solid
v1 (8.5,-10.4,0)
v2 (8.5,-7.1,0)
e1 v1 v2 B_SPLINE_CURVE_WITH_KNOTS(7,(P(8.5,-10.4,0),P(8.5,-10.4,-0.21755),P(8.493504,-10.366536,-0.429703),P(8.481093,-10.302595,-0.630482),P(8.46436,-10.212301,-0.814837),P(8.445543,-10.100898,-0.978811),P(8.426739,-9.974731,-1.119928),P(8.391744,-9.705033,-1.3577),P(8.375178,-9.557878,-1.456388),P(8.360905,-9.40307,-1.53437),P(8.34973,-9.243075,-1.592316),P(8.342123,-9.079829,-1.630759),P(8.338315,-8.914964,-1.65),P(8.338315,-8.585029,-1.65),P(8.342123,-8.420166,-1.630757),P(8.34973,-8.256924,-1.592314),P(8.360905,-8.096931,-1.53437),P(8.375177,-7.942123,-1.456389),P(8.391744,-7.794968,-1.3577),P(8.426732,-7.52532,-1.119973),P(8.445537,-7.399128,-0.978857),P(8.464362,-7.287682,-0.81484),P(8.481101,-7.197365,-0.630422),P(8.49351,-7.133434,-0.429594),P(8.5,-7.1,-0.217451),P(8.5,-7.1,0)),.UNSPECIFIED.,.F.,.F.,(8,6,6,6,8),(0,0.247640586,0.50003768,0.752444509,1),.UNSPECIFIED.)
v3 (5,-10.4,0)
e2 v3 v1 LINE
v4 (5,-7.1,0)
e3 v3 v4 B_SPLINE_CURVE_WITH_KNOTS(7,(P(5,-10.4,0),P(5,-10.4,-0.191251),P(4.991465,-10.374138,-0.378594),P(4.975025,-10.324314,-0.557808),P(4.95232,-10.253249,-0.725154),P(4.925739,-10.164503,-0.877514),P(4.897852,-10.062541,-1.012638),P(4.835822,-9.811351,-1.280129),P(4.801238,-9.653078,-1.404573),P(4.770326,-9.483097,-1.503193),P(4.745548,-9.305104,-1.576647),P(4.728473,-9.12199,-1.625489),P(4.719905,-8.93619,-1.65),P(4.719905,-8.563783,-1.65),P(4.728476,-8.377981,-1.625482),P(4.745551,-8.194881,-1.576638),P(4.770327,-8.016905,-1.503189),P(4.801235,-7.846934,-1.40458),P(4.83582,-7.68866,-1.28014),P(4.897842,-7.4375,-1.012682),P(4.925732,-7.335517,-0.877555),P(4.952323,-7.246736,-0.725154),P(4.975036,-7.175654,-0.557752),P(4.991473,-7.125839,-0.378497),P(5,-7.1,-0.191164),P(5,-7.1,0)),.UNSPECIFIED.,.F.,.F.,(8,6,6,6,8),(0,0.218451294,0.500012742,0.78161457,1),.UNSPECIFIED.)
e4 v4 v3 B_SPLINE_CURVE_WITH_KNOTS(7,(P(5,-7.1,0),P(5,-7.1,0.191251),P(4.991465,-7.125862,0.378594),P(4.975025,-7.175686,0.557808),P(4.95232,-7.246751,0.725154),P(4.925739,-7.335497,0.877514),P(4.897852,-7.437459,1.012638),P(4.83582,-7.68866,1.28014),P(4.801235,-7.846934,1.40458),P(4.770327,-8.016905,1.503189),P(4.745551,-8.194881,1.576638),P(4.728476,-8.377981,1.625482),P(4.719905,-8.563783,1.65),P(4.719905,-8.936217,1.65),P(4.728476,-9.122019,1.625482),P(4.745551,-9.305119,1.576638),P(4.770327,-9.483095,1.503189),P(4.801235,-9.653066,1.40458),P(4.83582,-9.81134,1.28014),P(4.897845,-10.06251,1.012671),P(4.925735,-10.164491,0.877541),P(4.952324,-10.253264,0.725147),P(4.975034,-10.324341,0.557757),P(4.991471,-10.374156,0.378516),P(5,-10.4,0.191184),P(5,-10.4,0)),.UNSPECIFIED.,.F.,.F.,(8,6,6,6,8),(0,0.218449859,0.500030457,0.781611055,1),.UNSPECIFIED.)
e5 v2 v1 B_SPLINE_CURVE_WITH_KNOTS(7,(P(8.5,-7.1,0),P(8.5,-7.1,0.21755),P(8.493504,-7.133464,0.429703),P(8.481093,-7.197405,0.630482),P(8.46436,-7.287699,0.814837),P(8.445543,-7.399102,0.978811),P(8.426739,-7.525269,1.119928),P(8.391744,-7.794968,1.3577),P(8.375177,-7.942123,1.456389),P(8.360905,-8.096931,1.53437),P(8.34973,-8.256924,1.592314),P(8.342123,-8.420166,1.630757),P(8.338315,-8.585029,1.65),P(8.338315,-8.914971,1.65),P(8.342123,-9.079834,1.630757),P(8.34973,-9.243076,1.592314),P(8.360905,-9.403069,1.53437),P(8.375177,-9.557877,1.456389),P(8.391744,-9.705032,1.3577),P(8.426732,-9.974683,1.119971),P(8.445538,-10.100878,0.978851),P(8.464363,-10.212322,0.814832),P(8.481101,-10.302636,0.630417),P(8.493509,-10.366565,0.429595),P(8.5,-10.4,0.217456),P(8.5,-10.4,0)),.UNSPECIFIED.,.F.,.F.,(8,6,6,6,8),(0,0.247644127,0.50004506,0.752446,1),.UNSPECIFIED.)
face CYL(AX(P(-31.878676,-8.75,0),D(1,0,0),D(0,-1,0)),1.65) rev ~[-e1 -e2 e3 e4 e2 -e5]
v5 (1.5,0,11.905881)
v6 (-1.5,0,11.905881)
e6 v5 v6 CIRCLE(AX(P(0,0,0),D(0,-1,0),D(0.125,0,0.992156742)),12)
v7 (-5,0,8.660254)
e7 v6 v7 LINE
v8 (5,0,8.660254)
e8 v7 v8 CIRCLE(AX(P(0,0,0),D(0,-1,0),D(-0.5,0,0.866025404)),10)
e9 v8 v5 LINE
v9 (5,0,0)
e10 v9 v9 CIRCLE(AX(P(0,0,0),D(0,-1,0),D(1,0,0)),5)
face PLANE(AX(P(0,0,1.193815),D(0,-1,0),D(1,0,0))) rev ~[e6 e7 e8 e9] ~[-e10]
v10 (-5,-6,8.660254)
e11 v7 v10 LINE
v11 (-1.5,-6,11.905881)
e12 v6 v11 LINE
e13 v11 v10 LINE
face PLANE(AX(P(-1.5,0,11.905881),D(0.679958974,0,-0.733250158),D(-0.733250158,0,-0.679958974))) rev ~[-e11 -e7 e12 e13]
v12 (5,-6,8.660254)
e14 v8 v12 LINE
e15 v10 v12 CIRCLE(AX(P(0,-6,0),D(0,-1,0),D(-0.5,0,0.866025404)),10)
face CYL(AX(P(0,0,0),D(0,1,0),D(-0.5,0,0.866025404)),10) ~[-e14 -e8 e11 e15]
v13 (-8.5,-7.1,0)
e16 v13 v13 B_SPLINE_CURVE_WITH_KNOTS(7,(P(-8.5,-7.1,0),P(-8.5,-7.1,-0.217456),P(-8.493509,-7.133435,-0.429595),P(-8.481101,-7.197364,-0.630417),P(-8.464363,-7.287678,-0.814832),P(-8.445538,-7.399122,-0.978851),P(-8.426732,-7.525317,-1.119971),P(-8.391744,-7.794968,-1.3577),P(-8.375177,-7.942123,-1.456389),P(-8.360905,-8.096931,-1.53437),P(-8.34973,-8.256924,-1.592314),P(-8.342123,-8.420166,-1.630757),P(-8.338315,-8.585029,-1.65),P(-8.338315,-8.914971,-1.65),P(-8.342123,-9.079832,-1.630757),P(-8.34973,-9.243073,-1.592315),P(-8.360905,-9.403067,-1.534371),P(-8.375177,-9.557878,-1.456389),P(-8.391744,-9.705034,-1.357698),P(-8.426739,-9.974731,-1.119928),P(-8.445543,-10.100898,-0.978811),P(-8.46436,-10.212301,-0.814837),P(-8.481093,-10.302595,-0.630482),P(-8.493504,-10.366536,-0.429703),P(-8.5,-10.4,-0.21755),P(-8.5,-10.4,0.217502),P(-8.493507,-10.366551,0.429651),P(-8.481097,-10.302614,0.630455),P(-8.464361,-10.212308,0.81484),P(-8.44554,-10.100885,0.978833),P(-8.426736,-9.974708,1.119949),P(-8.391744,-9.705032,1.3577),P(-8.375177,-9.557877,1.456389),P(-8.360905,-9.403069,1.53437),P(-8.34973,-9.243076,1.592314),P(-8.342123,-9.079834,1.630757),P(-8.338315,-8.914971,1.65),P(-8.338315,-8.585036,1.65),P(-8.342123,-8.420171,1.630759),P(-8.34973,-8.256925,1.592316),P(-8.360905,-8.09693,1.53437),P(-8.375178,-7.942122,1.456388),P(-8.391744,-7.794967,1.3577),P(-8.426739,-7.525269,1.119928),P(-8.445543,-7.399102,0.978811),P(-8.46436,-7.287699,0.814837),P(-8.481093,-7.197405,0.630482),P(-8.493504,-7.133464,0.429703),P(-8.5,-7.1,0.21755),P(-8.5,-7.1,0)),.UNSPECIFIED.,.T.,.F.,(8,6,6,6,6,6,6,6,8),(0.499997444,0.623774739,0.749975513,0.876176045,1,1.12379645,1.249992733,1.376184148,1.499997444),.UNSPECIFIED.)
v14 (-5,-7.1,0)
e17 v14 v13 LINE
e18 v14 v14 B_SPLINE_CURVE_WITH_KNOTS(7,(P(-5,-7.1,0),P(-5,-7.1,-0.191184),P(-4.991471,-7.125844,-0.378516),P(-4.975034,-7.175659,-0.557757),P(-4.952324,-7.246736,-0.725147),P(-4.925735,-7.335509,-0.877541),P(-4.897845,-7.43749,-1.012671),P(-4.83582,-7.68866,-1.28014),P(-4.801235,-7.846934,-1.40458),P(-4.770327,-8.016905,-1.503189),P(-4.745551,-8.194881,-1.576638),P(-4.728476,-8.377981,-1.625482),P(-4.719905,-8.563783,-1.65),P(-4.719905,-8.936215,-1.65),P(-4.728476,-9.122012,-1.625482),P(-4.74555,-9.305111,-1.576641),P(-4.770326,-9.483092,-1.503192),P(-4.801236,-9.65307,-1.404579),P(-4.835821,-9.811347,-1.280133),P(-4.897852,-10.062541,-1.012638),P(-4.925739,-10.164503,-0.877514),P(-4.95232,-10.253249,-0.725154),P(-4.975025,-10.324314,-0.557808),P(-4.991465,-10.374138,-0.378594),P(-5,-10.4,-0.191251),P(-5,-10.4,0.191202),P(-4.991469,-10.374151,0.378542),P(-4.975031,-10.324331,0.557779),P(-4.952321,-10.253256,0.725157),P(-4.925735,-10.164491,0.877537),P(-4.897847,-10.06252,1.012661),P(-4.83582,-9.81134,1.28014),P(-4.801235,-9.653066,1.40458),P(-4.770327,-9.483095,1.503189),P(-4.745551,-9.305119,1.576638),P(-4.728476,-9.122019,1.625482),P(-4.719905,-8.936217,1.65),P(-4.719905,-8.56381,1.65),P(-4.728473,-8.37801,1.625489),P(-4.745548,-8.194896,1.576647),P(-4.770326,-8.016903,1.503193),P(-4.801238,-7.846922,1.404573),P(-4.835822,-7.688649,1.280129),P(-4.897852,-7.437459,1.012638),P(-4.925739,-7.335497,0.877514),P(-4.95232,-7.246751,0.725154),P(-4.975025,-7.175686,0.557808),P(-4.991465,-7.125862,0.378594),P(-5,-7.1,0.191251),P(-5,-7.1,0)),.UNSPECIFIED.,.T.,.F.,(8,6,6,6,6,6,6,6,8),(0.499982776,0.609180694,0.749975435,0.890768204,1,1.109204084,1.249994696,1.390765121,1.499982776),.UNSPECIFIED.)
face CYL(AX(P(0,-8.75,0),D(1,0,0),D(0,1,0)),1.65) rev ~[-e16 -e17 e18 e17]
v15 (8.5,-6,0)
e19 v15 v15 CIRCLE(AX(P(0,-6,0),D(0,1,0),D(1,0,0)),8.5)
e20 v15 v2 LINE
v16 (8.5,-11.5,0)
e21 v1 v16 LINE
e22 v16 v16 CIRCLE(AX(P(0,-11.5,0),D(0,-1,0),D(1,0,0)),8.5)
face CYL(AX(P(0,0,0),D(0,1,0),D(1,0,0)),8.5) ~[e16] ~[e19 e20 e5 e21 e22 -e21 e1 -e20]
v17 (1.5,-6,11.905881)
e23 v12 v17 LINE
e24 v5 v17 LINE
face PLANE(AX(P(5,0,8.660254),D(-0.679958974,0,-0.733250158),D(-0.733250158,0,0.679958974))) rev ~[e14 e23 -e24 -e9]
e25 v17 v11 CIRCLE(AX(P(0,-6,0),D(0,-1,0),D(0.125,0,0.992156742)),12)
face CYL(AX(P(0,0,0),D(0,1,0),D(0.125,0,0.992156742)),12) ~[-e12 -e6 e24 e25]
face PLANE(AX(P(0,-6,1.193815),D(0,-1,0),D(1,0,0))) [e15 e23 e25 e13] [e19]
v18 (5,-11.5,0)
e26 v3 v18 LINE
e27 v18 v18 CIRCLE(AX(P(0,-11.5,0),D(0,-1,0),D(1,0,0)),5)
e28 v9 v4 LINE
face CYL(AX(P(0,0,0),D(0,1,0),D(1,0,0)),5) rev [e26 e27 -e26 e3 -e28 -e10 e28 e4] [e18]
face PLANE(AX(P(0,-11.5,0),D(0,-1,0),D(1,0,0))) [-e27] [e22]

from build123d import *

# Parameters (mm, degrees)
F0_R     = 8.5
F0_R_2   = 5
F1_DEPTH = 6
F2_DEPTH = 11.5
F4_D     = 3.3
F4_DEPTH = 10.001
F5_D     = 3.3


with BuildPart() as f1:
    # F0 (on Front) → F1 (new body)
    with BuildSketch(Plane.XZ):
        with BuildLine():
            Line((-1.5, 11.9058808998), (-5, 8.6602540378))
            ThreePointArc((-5, 8.6602540378), (0, -10), (5, 8.6602540378))
            Line((5, 8.6602540378), (1.5, 11.9058808998))
            ThreePointArc((1.5, 11.9058808998), (0, 12), (-1.5, 11.9058808998))
        make_face()
        Circle(F0_R, mode=Mode.SUBTRACT)
        Circle(F0_R)
        Circle(F0_R_2, mode=Mode.SUBTRACT)
    extrude(amount=F1_DEPTH)

    # F0 (on Front) → F2 (join)
    with BuildSketch(Plane.XZ):
        Circle(F0_R)
        Circle(F0_R_2, mode=Mode.SUBTRACT)
    extrude(amount=F2_DEPTH)

    # F4 (through all, one way)
    with BuildSketch(Plane.YZ):
        with Locations((-8.75, 0)):
            Circle(F4_D / 2)
    extrude(amount=-F4_DEPTH, mode=Mode.SUBTRACT)

    # F5 (through all)
    with Locations(Plane(origin=(0, 0, 0), x_dir=(0, 1, 0), z_dir=(-1, 0, 0))):
        with Locations((-8.75, 0)):
            Hole(F5_D / 2)


solid = f1.part
